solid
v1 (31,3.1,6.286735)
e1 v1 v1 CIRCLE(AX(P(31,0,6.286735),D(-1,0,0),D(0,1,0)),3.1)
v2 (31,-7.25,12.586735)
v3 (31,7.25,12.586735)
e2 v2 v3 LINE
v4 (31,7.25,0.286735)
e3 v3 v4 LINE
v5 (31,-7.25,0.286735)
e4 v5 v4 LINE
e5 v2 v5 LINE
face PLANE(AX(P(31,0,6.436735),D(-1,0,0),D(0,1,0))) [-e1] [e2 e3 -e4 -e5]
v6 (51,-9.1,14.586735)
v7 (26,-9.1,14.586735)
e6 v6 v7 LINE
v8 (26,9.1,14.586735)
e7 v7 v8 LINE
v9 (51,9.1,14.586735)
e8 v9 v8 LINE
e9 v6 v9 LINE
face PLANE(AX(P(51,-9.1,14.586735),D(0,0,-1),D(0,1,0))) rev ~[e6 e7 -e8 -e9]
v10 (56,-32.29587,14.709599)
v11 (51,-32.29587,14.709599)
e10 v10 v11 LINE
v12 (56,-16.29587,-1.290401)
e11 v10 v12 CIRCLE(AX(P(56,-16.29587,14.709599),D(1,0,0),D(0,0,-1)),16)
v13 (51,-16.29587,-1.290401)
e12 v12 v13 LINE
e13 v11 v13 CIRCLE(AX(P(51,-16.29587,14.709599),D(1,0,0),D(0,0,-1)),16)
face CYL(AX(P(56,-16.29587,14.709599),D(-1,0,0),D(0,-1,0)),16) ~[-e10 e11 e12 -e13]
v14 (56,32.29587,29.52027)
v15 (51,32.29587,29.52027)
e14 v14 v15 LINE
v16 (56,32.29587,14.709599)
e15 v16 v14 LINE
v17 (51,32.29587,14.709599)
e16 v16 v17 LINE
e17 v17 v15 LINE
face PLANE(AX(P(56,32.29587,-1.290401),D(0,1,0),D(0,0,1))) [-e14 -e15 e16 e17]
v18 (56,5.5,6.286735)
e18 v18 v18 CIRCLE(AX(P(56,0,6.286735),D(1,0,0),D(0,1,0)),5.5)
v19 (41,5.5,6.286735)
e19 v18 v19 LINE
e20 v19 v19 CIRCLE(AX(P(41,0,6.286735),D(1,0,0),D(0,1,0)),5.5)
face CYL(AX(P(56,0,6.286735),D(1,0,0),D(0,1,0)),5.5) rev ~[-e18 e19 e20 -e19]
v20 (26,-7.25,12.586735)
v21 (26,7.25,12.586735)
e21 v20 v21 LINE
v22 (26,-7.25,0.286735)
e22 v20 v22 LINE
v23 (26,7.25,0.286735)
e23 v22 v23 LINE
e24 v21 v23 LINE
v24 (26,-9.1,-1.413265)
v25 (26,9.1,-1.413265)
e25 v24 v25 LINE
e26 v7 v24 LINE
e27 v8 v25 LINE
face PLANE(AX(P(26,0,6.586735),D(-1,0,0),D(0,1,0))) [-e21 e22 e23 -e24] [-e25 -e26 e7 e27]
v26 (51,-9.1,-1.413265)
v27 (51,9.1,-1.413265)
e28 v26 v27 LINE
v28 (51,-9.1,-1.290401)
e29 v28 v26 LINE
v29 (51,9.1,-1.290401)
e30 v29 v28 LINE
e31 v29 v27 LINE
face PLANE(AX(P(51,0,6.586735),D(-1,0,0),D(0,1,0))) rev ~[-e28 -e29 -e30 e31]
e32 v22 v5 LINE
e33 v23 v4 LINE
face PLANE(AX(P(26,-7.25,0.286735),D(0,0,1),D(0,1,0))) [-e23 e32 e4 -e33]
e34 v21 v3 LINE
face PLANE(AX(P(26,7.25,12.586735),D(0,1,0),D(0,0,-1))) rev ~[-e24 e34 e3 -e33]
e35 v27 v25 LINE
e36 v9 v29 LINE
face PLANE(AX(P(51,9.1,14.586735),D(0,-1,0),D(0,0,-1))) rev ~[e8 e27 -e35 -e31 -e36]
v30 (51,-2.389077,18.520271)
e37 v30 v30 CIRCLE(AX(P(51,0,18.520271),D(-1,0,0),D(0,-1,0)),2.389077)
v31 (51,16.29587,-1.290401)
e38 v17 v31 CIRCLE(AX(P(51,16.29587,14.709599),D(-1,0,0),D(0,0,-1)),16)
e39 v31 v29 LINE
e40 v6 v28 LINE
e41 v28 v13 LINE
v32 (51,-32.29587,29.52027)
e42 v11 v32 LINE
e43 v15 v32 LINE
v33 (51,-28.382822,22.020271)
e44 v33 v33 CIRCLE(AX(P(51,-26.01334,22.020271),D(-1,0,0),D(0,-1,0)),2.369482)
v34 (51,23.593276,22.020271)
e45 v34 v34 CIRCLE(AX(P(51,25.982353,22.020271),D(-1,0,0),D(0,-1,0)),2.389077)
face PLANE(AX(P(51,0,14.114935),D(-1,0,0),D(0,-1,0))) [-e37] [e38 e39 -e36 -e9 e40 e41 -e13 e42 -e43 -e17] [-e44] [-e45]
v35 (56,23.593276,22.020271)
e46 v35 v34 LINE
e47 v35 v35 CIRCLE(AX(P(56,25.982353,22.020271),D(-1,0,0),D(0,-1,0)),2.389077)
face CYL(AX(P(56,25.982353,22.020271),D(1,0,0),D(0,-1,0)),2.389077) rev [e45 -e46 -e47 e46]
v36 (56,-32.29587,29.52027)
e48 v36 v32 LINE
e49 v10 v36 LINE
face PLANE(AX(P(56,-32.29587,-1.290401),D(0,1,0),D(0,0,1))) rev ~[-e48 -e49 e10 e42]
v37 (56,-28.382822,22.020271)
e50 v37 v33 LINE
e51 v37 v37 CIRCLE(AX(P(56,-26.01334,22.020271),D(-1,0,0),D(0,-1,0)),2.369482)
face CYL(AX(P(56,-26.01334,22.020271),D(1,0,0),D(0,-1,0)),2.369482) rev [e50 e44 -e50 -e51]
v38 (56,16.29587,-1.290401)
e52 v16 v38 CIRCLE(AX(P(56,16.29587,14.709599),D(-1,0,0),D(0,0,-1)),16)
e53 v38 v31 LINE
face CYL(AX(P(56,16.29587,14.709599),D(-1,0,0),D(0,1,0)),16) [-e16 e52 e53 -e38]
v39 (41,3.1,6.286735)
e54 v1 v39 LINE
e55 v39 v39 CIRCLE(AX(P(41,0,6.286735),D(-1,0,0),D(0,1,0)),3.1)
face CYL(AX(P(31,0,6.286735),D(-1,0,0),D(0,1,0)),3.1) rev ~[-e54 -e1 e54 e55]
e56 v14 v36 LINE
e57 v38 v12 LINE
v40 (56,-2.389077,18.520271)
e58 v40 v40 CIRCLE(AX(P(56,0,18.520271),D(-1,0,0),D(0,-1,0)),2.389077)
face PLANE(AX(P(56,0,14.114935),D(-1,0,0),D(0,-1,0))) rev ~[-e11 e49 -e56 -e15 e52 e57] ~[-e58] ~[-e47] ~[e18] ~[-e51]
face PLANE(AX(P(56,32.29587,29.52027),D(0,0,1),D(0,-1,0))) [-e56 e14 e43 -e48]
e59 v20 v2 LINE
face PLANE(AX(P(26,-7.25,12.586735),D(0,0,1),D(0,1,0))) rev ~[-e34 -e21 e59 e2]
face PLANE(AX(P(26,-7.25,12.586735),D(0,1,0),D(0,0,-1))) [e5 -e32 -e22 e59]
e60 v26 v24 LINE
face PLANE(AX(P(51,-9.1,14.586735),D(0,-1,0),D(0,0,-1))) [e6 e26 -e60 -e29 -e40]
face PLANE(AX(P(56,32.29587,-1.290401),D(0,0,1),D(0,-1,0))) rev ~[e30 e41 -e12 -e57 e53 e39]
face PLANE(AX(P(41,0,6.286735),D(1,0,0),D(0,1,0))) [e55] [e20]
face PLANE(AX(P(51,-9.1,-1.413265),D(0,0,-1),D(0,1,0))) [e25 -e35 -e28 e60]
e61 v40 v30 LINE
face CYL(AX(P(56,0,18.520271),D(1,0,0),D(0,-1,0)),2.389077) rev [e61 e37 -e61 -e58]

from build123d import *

# Parameters (mm, degrees)
SKETCH_W        = 64.59174
SKETCH_H        = 30.810671
SKETCH_R        = 2.389077
SKETCH_R_2      = 2.369482
PAD001_DEPTH    = 5
SKETCH001_W     = 18.2
SKETCH001_H     = 16
PAD002_DEPTH    = 25
SKETCH002_W     = 14.5
SKETCH002_H     = 12.3
POCKET_DEPTH    = 5
SKETCH003_R     = 3.1
POCKET001_DEPTH = 25.001
SKETCH004_R     = 5.5
POCKET002_DEPTH = 15
FILLET_R        = 16


with BuildPart() as part:
    # Sketch → Pad001 (new body)
    with BuildSketch(Plane(origin=(0, 0, 0), x_dir=(0, -1, 0), z_dir=(-1, 0, 0))):
        with Locations((0, 14.114935)):
            Rectangle(SKETCH_W, SKETCH_H)
        with Locations((-25.982353, 22.020271)):
            Circle(SKETCH_R, mode=Mode.SUBTRACT)
        with Locations((26.01334, 22.020271)):
            Circle(SKETCH_R_2, mode=Mode.SUBTRACT)
        with Locations((0, 18.520271)):
            Circle(SKETCH_R, mode=Mode.SUBTRACT)
    extrude(amount=PAD001_DEPTH)

    # Sketch001 (on Face9 of Pad001) → Pad002 (join)
    with BuildSketch(Plane(origin=(-5, 0, -1.2), x_dir=(0, 1, 0), z_dir=(-1, 0, 0))):
        with Locations((0, -7.786735)):
            Rectangle(SKETCH001_W, SKETCH001_H)
    extrude(amount=PAD002_DEPTH)

    # Sketch002 (on Face15 of Pad002) → Pocket (cut)
    with BuildSketch(Plane(origin=(-30, 0, 0), x_dir=(0, 1, 0), z_dir=(-1, 0, 0))):
        with Locations((0, -6.436735)):
            Rectangle(SKETCH002_W, SKETCH002_H)
    extrude(amount=-POCKET_DEPTH, mode=Mode.SUBTRACT)

    # Sketch003 (on Face20 of Pocket) → Pocket001 (cut, through all)
    with BuildSketch(Plane(origin=(-25, 0, 0), x_dir=(0, 1, 0), z_dir=(-1, 0, 0))):
        with Locations((0, -6.286735)):
            Circle(SKETCH003_R)
    extrude(amount=-POCKET001_DEPTH, mode=Mode.SUBTRACT)

    # Sketch004 (on Face4 of Pocket001) → Pocket002 (cut)
    with BuildSketch(Plane.YZ):
        with Locations((0, 6.286735)):
            Circle(SKETCH004_R)
    extrude(amount=-POCKET002_DEPTH, mode=Mode.SUBTRACT)

    # Fillet
    fillet_edges = [part.edges().sort_by_distance(p)[0] for p in [
        (-2.5, -32.29587, -1.2904),
        (-2.5, 32.29587, -1.2904),
    ]]
    fillet(fillet_edges, radius=FILLET_R)


with BuildPart() as part_1:
    # Body placement: moved
    add(part.part.moved(Location((56, 0, 0))))


solid = part_1.part
